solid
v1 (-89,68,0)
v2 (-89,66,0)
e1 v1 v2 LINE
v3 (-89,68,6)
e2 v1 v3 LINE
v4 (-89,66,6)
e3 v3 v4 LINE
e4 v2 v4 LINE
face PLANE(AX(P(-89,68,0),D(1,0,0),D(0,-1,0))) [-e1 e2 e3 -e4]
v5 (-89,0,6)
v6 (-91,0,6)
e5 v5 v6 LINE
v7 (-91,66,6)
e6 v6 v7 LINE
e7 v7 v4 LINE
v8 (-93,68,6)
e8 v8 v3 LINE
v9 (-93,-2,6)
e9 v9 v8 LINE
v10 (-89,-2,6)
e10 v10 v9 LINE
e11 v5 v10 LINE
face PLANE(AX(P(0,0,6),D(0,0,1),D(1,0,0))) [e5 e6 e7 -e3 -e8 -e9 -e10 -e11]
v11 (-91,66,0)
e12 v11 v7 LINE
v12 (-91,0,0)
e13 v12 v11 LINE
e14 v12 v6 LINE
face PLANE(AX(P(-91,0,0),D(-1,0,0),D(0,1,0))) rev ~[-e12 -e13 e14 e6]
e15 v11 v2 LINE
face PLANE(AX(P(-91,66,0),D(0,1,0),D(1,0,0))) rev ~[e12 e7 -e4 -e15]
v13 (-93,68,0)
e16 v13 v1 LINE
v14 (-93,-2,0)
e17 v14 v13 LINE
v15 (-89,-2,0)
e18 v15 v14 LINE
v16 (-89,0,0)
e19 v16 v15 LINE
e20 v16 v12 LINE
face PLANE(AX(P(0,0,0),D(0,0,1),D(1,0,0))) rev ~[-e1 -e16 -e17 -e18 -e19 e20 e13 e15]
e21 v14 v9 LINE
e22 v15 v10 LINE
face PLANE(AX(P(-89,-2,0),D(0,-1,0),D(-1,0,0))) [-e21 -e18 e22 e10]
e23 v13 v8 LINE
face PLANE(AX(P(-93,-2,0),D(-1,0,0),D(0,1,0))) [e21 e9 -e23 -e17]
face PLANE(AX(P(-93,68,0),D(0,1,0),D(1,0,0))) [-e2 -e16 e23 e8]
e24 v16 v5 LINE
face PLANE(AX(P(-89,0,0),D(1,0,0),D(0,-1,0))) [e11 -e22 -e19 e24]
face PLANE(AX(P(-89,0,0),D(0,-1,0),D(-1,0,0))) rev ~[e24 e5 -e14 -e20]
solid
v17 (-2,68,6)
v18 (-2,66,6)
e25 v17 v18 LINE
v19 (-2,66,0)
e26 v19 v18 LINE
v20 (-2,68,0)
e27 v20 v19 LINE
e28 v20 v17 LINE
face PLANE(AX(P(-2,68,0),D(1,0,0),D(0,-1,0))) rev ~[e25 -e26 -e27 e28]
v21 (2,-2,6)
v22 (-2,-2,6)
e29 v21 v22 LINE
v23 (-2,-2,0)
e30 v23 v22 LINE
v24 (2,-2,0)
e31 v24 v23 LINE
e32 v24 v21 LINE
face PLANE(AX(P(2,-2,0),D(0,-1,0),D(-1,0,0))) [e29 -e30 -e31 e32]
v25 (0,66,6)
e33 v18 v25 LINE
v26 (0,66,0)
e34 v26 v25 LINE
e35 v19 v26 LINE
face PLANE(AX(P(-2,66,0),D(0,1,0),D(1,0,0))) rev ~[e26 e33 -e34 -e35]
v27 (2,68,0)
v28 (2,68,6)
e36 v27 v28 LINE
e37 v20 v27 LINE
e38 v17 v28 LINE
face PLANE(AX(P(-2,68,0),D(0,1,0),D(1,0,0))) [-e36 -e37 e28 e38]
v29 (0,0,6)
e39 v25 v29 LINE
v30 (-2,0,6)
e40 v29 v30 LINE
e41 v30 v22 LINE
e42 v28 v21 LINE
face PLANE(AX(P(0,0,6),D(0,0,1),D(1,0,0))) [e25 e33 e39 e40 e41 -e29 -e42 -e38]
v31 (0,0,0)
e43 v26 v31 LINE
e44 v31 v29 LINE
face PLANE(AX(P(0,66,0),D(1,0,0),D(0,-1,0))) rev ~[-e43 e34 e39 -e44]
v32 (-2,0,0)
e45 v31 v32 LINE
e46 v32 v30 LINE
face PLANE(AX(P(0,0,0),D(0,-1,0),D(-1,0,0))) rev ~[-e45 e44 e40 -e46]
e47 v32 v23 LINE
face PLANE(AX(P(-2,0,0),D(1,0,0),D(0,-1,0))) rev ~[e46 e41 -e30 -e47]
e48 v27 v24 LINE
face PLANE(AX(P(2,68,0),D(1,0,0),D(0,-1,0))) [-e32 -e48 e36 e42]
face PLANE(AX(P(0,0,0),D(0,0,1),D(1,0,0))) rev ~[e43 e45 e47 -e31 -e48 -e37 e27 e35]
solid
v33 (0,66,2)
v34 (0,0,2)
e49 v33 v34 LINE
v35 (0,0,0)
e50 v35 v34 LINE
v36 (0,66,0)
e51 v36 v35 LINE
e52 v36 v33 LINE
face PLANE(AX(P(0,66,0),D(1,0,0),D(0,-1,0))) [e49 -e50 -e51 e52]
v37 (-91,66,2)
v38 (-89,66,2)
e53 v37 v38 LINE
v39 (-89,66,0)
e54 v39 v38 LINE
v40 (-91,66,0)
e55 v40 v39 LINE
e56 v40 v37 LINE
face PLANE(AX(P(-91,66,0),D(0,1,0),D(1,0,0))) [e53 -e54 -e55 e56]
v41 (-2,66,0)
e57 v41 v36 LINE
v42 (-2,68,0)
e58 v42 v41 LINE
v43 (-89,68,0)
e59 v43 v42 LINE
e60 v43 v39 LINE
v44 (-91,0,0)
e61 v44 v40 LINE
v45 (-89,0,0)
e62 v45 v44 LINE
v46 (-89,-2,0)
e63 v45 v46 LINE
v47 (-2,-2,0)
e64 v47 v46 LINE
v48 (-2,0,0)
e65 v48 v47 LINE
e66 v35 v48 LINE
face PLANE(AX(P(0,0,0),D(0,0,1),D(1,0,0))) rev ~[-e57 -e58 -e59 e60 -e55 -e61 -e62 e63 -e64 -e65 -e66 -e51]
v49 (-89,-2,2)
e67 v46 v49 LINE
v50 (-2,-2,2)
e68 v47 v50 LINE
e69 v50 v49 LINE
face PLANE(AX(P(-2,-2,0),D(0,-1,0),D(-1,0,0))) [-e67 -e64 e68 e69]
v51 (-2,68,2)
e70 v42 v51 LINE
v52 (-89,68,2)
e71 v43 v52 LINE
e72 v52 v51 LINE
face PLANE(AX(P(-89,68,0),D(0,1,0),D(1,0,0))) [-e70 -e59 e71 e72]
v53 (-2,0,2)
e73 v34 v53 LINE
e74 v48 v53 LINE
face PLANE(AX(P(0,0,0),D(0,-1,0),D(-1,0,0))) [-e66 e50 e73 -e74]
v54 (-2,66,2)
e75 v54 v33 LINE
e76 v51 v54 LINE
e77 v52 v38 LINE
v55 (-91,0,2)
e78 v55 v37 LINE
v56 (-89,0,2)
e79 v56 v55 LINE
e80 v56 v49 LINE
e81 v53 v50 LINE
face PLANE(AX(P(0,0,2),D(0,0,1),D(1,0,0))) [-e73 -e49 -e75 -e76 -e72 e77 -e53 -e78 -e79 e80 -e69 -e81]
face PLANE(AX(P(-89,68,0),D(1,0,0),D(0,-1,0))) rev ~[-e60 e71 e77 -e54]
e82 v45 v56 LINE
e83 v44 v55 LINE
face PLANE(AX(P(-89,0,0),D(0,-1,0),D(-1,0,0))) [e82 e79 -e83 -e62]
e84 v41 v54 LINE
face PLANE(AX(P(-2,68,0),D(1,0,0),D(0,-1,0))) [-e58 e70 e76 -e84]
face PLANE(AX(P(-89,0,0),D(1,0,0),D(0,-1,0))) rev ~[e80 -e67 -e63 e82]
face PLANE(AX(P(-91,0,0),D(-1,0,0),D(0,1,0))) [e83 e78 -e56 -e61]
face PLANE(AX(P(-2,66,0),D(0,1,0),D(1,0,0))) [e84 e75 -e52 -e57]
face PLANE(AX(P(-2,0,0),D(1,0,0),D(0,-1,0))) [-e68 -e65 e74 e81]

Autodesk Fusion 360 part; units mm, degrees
sketch "Sketch1" plane through (0, 0, 0) normal (0, 0, 1) x (1, 0, 0)
  line L0 (-91, 0) -> (-91, 66)
  line L1 (0, 66) -> (0, 0)
  line L2 (2, 68) -> (2, -2)
  line L3 (2, -2) -> (-93, -2)
  line L4 (-93, -2) -> (-93, 68)
  line L5 (-93, 68) -> (2, 68)
  line L6 (-89, 68) -> (-89, 66)
  line L7 (-2, 68) -> (-2, 66)
  line L8 (-89, 0) -> (-89, -2)
  line L9 (-2, 0) -> (-2, -2)
  line L10 (-91, 66) -> (-89, 66)
  line L11 (-2, 66) -> (0, 66)
  line L12 (0, 0) -> (-2, 0)
  line L13 (-89, 0) -> (-91, 0)
  dimension "d1" = 91
  dimension "d2" = 66
  dimension "d4" = 2
  dimension "d5" = 2
  dimension "d6" = 2
  dimension "d7" = 2
extrude "Extrude2" add sketch "Sketch1" along normal blind 6 contours L0 L3 L4 L5 L6 L8 L10 L13 | L1 L2 L3 L5 L7 L9 L11 L12 makes body 1 at (-93, 21.3333, 2) makes body 2 at (2, 44.6667, 2)
extrude "Extrude1" add sketch "Sketch1" along normal blind 2 separate body contours L0 L1 L3 L5 L6 L7 L8 L9 L10 L11 L12 L13 makes body 3
